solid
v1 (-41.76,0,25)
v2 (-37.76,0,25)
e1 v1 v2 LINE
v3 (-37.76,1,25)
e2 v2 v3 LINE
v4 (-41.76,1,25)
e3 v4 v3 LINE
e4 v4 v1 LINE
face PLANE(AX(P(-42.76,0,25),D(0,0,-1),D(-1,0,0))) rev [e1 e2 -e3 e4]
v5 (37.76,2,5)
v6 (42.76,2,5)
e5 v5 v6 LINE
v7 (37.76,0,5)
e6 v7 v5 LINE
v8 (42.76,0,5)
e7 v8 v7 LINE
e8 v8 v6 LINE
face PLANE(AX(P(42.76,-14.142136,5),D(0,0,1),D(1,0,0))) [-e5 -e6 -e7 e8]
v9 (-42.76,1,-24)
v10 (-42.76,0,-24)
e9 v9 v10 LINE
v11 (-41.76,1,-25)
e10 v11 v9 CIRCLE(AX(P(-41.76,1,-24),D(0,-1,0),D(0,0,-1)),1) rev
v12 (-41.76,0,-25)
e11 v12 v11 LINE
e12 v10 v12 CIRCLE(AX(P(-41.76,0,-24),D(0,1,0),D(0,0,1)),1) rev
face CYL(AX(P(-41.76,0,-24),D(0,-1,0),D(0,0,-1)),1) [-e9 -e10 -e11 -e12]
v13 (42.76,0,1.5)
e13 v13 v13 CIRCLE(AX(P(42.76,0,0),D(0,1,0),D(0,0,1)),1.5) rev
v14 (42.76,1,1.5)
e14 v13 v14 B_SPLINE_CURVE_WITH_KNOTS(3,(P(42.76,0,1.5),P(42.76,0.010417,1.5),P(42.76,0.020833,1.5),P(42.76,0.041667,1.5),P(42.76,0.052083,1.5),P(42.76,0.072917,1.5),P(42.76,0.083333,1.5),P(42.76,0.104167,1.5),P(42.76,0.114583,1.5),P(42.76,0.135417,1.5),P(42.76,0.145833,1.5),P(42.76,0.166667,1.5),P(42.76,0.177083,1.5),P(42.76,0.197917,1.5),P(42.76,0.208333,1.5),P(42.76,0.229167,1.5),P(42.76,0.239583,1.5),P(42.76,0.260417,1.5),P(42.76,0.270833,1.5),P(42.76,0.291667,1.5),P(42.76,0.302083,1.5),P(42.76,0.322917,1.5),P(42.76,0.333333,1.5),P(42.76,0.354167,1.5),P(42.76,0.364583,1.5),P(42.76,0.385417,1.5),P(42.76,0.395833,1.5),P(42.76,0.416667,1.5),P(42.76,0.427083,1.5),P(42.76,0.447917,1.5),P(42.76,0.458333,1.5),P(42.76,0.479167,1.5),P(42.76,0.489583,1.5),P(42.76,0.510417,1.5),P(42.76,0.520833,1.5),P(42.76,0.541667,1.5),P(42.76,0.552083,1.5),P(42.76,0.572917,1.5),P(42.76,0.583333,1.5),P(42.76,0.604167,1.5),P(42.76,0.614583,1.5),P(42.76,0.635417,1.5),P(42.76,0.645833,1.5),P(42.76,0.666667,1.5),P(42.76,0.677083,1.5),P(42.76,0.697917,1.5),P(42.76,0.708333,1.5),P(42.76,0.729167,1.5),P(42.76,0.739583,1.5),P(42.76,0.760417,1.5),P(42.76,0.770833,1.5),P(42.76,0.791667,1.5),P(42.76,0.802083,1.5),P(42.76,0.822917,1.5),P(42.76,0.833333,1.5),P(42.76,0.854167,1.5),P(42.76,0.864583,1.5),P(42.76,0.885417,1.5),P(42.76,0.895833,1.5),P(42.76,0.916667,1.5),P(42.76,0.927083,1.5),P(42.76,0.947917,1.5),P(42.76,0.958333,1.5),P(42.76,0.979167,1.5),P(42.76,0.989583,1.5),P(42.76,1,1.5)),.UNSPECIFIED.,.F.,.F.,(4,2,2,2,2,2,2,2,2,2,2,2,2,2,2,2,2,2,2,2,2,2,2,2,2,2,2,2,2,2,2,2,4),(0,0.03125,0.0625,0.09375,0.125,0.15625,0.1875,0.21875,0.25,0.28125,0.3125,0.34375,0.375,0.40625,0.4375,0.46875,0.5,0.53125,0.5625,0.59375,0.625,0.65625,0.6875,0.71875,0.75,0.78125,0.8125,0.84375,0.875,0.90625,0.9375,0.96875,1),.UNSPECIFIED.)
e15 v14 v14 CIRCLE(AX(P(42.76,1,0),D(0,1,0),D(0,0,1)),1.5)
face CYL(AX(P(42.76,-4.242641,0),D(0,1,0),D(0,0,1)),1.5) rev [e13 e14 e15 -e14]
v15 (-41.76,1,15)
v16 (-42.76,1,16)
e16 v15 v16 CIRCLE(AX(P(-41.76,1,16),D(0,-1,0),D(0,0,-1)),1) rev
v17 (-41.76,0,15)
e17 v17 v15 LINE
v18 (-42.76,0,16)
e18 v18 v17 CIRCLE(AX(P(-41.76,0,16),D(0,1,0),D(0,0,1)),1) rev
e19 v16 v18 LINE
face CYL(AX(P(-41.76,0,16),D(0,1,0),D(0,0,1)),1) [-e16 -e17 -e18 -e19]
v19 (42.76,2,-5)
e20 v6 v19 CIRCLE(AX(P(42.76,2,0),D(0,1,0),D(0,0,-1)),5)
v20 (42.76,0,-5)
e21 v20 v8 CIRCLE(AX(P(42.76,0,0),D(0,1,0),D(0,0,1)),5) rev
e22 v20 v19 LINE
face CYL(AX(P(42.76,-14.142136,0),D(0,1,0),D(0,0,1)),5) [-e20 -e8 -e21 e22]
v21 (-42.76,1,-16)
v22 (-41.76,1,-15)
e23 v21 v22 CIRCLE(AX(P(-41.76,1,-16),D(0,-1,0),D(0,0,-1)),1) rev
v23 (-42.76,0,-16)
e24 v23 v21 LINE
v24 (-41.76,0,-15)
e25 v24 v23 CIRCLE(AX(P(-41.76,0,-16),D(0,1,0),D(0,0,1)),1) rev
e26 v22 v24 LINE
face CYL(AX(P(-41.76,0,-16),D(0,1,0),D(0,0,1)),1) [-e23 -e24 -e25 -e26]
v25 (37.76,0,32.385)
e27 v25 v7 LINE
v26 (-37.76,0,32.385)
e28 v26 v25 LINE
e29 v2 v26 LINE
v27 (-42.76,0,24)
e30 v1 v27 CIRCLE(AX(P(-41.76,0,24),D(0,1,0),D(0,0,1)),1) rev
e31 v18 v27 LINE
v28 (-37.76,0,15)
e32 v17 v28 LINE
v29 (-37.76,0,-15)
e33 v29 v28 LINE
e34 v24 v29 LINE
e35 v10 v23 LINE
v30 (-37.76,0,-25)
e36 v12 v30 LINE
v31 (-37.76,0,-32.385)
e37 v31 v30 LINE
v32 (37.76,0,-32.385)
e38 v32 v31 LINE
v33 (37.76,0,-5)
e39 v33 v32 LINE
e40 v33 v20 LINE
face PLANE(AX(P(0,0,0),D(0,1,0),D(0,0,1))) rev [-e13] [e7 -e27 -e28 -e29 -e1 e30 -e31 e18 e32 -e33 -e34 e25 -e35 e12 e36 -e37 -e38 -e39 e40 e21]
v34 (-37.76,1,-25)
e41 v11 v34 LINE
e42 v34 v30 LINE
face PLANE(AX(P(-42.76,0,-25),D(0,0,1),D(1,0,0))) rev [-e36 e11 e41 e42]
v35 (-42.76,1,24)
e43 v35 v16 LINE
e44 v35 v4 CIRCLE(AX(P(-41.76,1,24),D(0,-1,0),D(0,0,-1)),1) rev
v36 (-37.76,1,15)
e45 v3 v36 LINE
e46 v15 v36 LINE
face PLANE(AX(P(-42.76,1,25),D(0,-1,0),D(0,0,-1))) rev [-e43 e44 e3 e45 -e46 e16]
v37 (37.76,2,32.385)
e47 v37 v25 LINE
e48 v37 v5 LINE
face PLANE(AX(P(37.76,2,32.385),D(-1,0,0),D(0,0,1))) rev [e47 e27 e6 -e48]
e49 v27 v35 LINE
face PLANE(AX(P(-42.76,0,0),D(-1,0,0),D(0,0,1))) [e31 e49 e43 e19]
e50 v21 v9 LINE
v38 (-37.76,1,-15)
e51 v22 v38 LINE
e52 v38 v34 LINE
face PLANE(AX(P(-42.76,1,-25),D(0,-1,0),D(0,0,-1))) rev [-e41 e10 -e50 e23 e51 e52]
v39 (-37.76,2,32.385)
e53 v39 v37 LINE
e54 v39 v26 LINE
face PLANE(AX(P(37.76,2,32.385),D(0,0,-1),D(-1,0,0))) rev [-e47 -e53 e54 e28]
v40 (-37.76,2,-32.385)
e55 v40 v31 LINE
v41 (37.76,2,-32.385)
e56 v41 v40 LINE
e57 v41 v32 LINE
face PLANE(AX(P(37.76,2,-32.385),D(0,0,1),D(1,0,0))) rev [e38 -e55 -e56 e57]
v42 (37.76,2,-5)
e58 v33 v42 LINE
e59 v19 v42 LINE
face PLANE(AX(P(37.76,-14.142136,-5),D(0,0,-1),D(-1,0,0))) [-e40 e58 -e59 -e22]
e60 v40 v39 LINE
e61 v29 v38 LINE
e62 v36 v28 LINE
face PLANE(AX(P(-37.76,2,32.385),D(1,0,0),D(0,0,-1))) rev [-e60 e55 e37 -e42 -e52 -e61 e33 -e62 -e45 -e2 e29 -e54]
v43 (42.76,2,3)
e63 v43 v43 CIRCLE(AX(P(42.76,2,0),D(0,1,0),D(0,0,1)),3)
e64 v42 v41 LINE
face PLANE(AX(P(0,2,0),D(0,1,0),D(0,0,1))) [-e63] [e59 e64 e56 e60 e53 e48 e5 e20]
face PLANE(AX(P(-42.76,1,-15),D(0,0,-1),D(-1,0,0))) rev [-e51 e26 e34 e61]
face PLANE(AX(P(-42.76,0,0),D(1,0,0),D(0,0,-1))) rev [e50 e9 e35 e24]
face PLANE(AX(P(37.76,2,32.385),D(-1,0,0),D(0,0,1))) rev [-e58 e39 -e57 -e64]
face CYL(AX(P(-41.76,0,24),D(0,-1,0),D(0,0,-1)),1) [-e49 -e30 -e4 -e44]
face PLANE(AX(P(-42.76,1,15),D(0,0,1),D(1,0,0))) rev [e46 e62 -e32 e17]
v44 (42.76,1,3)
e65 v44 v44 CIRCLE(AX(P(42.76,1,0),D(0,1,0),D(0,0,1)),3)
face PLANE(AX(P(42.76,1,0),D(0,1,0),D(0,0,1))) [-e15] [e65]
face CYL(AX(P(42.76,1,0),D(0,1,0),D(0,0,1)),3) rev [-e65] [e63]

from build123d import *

# Parameters (mm, degrees)
SKETCH1_W           = 75.52
SKETCH1_H           = 64.77
BOSS_EXTRUDE1_DEPTH = 2
BOSS_EXTRUDE2_DEPTH = 2
SKETCH3_W           = 10
SKETCH3_H           = 1
BOSS_EXTRUDE3_DEPTH = 5
SKETCH7_R           = 1.5
CUT_EXTRUDE2_DEPTH  = 2
SKETCH9_R           = 3
SKETCH9_R_2         = 1.5
CUT_EXTRUDE4_DEPTH  = 1
FILLET1_R           = 1


with BuildPart() as part:
    # Sketch1 → Boss-Extrude1 (new body)
    with BuildSketch(Plane(origin=(0, 0, 0), x_dir=(1, 0, 0), z_dir=(0, 1, 0))):
        Rectangle(SKETCH1_W, SKETCH1_H)
    extrude(amount=BOSS_EXTRUDE1_DEPTH)

    # Sketch2 → Boss-Extrude2 (add)
    with BuildSketch(Plane(origin=(0, 2, 0), x_dir=(1, 0, 0), z_dir=(0, 1, 0))):
        with BuildLine():
            Line((37.76, 5), (42.76, 5))
            ThreePointArc((42.76, 5), (47.76, 0), (42.76, -5))
            Line((42.76, -5), (37.76, -5))
            Line((37.76, -5), (37.76, 5))
        make_face()
    extrude(amount=-BOSS_EXTRUDE2_DEPTH)

    # Sketch3 → Boss-Extrude3 (add)
    with BuildSketch(Plane.ZY.offset(37.76)):
        with Locations((-20, 0.5)):
            Rectangle(SKETCH3_W, SKETCH3_H)
        with Locations((20, 0.5)):
            Rectangle(SKETCH3_W, SKETCH3_H)
    extrude(amount=BOSS_EXTRUDE3_DEPTH)

    # Sketch7 → Cut-Extrude2 (cut)
    with BuildSketch(Plane(origin=(0, 2, 0), x_dir=(1, 0, 0), z_dir=(0, 1, 0))):
        with Locations(Location((42.76, 0, 0), (0, 0, 270))):
            Circle(SKETCH7_R)
    extrude(amount=-CUT_EXTRUDE2_DEPTH, mode=Mode.SUBTRACT)

    # Sketch9 → Cut-Extrude4 (cut)
    with BuildSketch(Plane(origin=(0, 2, 0), x_dir=(1, 0, 0), z_dir=(0, 1, 0))):
        with Locations(Location((42.76, 0, 0), (0, 0, 270))):
            Circle(SKETCH9_R)
        with Locations(Location((42.76, 0, 0), (0, 0, 270))):
            Circle(SKETCH9_R_2, mode=Mode.SUBTRACT)
    extrude(amount=-CUT_EXTRUDE4_DEPTH, mode=Mode.SUBTRACT)

    # Fillet1
    fillet1_edges = [part.edges().sort_by_distance(p)[0] for p in [
        (-42.76, 0.5, -15),
        (-42.76, 0.5, -25),
        (-42.76, 0.5, 25),
        (-42.76, 0.5, 15),
    ]]
    fillet(fillet1_edges, radius=FILLET1_R)


solid = part.part
